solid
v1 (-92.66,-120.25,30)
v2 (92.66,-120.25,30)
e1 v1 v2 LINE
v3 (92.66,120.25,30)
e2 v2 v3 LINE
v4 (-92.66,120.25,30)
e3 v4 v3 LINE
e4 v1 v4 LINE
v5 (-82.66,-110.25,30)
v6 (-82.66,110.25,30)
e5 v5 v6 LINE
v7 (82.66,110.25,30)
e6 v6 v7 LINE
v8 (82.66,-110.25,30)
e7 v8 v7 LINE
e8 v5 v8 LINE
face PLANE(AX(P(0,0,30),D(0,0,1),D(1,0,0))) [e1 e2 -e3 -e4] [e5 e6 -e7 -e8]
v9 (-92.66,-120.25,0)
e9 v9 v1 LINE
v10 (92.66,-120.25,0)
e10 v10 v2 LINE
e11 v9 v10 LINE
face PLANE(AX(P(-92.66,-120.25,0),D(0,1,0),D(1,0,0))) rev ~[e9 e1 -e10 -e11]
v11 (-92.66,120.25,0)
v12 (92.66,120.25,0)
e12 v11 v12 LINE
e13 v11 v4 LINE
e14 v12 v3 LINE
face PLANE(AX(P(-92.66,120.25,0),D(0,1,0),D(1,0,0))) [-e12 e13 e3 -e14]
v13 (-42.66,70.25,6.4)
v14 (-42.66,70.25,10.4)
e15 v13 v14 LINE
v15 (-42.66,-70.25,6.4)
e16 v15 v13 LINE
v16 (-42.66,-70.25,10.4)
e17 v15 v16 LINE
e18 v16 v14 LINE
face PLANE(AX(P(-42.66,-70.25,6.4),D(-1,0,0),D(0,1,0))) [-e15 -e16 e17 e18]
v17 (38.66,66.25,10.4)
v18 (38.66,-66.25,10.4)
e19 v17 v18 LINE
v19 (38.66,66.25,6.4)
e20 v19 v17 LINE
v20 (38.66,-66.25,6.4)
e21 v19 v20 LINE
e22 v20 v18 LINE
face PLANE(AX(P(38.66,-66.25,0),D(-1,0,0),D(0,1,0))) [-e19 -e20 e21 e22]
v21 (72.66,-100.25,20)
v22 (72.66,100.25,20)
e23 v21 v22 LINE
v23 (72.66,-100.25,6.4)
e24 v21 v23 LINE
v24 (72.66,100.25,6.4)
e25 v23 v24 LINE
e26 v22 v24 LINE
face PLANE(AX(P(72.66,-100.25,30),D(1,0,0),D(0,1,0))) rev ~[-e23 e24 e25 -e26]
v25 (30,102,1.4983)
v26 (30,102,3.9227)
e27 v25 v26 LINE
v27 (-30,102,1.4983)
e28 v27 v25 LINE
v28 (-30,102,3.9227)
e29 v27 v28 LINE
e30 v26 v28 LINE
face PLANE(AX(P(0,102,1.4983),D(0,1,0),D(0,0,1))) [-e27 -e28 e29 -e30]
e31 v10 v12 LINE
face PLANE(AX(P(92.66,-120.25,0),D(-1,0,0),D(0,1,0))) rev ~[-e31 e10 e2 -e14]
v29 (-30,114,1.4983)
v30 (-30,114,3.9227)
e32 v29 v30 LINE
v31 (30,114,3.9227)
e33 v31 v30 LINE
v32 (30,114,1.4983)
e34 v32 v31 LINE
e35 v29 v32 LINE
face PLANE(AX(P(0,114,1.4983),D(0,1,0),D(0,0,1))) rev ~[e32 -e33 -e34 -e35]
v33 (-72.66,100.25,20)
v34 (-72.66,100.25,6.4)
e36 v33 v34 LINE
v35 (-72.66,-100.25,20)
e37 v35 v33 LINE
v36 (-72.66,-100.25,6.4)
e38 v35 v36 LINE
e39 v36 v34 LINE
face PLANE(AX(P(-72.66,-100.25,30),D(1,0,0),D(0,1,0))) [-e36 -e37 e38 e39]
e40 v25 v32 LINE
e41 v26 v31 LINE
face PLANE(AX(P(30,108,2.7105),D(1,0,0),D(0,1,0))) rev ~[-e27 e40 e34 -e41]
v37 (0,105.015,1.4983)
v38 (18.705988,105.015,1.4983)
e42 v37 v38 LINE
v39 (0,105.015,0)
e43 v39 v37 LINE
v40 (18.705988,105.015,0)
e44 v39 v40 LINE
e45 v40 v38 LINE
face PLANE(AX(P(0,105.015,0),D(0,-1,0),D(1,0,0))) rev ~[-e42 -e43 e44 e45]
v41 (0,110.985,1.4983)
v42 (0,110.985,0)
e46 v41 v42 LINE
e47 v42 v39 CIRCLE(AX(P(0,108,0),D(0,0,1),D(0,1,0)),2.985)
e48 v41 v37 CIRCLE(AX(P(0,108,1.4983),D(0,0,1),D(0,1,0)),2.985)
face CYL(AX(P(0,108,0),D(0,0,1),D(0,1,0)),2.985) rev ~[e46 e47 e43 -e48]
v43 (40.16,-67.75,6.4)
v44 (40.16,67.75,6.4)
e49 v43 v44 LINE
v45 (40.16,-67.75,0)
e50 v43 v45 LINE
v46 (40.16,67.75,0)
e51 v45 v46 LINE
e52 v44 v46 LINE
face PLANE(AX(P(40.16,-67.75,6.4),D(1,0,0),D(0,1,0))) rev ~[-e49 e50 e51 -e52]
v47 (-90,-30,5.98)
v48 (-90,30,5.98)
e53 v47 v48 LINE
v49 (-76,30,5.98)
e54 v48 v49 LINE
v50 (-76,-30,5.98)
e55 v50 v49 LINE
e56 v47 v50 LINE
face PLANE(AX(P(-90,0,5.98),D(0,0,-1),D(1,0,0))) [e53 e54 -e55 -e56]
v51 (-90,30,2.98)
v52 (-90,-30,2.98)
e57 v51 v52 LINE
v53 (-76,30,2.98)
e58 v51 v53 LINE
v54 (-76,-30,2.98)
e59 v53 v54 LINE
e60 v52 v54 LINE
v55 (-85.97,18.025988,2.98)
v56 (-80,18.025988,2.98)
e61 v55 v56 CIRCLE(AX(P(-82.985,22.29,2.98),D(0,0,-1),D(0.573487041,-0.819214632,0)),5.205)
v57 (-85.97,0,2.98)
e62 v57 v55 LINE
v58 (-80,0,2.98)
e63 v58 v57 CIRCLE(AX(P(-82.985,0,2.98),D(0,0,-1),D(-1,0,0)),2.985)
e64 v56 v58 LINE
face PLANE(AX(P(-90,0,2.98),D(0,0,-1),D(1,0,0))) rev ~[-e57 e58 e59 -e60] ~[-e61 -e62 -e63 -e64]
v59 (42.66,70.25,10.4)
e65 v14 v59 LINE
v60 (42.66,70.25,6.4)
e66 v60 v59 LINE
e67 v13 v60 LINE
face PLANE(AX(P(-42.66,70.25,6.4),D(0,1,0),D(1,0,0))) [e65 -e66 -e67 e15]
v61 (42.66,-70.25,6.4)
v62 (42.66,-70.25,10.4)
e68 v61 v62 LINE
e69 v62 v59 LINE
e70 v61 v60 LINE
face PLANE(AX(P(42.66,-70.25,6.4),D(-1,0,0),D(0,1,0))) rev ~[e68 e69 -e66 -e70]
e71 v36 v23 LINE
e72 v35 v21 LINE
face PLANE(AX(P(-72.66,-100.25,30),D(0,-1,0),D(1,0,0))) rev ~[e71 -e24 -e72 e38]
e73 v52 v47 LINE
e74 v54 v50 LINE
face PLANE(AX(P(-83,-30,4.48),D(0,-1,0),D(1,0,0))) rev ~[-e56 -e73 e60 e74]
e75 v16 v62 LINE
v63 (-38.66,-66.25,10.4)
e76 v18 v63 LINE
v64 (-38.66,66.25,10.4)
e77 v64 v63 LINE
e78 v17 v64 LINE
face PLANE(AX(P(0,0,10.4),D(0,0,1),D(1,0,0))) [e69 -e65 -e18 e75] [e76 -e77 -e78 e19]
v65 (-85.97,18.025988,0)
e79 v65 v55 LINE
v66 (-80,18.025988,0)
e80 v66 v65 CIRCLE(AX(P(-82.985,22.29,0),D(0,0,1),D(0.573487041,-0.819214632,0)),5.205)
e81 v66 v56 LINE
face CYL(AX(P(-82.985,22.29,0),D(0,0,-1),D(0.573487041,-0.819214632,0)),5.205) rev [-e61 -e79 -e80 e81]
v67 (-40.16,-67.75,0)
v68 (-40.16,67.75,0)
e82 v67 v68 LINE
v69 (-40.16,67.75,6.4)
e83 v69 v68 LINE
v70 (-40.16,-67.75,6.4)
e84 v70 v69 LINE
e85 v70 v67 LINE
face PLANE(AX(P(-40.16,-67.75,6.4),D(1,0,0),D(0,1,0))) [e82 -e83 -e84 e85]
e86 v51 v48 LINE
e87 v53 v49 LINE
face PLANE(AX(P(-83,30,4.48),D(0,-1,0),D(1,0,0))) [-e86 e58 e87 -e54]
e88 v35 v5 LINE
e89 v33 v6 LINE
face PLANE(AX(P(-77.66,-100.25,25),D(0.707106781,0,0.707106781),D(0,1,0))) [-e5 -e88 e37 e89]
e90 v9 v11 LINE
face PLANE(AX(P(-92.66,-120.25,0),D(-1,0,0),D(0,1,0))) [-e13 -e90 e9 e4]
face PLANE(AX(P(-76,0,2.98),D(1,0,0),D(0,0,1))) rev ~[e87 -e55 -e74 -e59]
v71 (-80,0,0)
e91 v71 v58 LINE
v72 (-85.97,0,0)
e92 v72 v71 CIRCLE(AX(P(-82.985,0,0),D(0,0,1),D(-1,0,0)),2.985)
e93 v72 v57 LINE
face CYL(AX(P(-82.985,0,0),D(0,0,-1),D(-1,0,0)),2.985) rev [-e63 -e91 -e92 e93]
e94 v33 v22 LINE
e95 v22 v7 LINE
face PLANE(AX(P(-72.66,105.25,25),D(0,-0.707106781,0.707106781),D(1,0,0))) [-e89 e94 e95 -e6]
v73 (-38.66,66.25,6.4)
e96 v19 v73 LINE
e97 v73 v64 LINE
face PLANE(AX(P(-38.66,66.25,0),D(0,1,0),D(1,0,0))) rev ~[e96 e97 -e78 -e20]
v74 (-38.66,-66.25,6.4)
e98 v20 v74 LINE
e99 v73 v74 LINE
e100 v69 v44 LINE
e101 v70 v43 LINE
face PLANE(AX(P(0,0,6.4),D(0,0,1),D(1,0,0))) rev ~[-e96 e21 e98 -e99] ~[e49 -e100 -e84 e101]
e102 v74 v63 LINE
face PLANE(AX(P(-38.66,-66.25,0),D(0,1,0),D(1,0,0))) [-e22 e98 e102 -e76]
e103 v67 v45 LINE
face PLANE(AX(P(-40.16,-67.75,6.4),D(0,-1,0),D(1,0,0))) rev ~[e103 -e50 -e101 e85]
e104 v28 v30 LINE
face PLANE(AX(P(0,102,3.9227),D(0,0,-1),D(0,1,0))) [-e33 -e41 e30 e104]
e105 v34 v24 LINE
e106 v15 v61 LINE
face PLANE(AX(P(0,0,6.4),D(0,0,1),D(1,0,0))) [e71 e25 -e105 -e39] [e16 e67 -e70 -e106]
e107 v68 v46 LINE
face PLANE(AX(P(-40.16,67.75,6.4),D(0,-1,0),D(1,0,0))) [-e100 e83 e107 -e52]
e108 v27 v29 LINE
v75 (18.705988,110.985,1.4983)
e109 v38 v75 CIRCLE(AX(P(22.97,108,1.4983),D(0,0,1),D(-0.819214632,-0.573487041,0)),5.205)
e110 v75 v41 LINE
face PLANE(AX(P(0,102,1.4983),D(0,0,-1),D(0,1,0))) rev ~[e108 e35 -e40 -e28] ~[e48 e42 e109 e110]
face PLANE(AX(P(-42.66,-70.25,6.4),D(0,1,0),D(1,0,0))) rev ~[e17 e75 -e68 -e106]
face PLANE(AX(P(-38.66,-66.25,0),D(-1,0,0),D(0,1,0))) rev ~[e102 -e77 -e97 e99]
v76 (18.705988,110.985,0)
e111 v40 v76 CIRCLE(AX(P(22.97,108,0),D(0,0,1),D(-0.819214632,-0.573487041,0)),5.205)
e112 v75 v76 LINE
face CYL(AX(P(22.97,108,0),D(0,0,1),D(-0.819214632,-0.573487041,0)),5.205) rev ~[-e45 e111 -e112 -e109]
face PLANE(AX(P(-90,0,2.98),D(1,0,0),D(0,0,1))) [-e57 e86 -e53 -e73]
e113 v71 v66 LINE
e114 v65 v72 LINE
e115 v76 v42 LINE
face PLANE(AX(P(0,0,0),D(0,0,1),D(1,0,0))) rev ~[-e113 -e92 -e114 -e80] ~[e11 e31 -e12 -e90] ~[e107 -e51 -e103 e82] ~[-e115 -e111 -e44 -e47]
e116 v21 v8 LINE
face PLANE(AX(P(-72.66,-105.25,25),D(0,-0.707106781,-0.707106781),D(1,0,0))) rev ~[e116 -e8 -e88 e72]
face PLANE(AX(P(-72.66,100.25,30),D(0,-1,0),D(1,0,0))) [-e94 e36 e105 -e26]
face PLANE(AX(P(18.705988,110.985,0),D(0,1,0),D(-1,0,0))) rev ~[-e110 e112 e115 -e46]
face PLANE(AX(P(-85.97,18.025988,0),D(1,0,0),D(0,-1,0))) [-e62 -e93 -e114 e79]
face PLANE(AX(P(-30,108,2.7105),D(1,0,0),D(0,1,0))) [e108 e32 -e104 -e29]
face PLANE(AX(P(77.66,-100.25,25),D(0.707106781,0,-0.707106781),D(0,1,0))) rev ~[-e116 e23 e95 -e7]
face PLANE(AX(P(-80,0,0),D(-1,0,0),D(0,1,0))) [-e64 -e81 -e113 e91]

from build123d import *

# Parameters (mm, degrees)
SKETCH_W             = 185.32
SKETCH_H             = 240.5
PAD_DEPTH            = 30
SKETCH003_W          = 145.32
SKETCH003_H          = 200.5
POCKET_DEPTH         = 23.6
SKETCH004_W          = 80.32
SKETCH004_H          = 135.5
POCKET001_DEPTH      = 6.4
POCKET002_DEPTH      = 3
SKETCH006_W          = 14
SKETCH006_H          = 3
POCKET003_DEPTH      = 30
POCKET004_DEPTH      = 1.5
SKETCH008_W          = 12
SKETCH008_H          = 2.4244
POCKET005_DEPTH      = 30
SKETCH009_W          = 85.32
SKETCH009_H          = 140.5
PAD001_DEPTH         = 4
SKETCH010_W          = 77.32
SKETCH010_H          = 132.5
POCKET006_DEPTH      = 0.001
POCKET006_DEPTH_BACK = -30.001
CHAMFER_SIZE         = 10


with BuildPart() as part:
    # Sketch → Pad (new body)
    with BuildSketch(Plane.XY):
        Rectangle(SKETCH_W, SKETCH_H)
    extrude(amount=PAD_DEPTH)

    # Sketch003 → Pocket (cut)
    with BuildSketch(Plane.XY.offset(30)):
        Rectangle(SKETCH003_W, SKETCH003_H)
    extrude(amount=-POCKET_DEPTH, mode=Mode.SUBTRACT)

    # Sketch004 → Pocket001 (cut)
    with BuildSketch(Plane.XY.offset(6.4)):
        Rectangle(SKETCH004_W, SKETCH004_H)
    extrude(amount=-POCKET001_DEPTH, mode=Mode.SUBTRACT)

    # Sketch005 → Pocket002 (cut)
    with BuildSketch(Plane.XY):
        with BuildLine():
            ThreePointArc((-85.97, 0), (-82.985, -2.985), (-80, 0))
            Line((-80, 0), (-80, 18.025988))
            ThreePointArc((-80, 18.025988), (-82.985, 27.495), (-85.97, 18.025988))
            Line((-85.97, 18.025988), (-85.97, 0))
        make_face()
    extrude(amount=POCKET002_DEPTH, mode=Mode.SUBTRACT)

    # Sketch006 → Pocket003 (cut, symmetric)
    with BuildSketch(Plane.XZ):
        with Locations((-83, 4.48)):
            Rectangle(SKETCH006_W, SKETCH006_H)
    extrude(amount=POCKET003_DEPTH, both=True, mode=Mode.SUBTRACT)

    # Sketch007 → Pocket004 (cut, symmetric)
    with BuildSketch(Plane.XY):
        with BuildLine():
            ThreePointArc((0, 110.985), (-2.985, 108), (0, 105.015))
            Line((0, 105.015), (18.705988, 105.015))
            ThreePointArc((18.705988, 105.015), (28.175, 108), (18.705988, 110.985))
            Line((18.705988, 110.985), (0, 110.985))
        make_face()
    extrude(amount=POCKET004_DEPTH, both=True, mode=Mode.SUBTRACT)

    # Sketch008 → Pocket005 (cut, symmetric)
    with BuildSketch(Plane.YZ):
        with Locations((108, 2.7105)):
            Rectangle(SKETCH008_W, SKETCH008_H)
    extrude(amount=POCKET005_DEPTH, both=True, mode=Mode.SUBTRACT)

    # Sketch009 → Pad001 (join)
    with BuildSketch(Plane.XY.offset(6.4)):
        Rectangle(SKETCH009_W, SKETCH009_H)
    extrude(amount=PAD001_DEPTH)

    # Sketch010 → Pocket006 (cut, two sides)
    with BuildSketch(Plane.XY) as pocket006_sk:
        Rectangle(SKETCH010_W, SKETCH010_H)
    extrude(amount=-POCKET006_DEPTH, mode=Mode.SUBTRACT)
    extrude(pocket006_sk.sketch, amount=-POCKET006_DEPTH_BACK, mode=Mode.SUBTRACT)

    # Chamfer
    chamfer_edges = [part.edges().sort_by_distance(p)[0] for p in [
        (-72.66, 0, 30),
        (0, 100.25, 30),
        (72.66, 0, 30),
        (0, -100.25, 30),
    ]]
    chamfer(chamfer_edges, length=CHAMFER_SIZE)


solid = part.part
